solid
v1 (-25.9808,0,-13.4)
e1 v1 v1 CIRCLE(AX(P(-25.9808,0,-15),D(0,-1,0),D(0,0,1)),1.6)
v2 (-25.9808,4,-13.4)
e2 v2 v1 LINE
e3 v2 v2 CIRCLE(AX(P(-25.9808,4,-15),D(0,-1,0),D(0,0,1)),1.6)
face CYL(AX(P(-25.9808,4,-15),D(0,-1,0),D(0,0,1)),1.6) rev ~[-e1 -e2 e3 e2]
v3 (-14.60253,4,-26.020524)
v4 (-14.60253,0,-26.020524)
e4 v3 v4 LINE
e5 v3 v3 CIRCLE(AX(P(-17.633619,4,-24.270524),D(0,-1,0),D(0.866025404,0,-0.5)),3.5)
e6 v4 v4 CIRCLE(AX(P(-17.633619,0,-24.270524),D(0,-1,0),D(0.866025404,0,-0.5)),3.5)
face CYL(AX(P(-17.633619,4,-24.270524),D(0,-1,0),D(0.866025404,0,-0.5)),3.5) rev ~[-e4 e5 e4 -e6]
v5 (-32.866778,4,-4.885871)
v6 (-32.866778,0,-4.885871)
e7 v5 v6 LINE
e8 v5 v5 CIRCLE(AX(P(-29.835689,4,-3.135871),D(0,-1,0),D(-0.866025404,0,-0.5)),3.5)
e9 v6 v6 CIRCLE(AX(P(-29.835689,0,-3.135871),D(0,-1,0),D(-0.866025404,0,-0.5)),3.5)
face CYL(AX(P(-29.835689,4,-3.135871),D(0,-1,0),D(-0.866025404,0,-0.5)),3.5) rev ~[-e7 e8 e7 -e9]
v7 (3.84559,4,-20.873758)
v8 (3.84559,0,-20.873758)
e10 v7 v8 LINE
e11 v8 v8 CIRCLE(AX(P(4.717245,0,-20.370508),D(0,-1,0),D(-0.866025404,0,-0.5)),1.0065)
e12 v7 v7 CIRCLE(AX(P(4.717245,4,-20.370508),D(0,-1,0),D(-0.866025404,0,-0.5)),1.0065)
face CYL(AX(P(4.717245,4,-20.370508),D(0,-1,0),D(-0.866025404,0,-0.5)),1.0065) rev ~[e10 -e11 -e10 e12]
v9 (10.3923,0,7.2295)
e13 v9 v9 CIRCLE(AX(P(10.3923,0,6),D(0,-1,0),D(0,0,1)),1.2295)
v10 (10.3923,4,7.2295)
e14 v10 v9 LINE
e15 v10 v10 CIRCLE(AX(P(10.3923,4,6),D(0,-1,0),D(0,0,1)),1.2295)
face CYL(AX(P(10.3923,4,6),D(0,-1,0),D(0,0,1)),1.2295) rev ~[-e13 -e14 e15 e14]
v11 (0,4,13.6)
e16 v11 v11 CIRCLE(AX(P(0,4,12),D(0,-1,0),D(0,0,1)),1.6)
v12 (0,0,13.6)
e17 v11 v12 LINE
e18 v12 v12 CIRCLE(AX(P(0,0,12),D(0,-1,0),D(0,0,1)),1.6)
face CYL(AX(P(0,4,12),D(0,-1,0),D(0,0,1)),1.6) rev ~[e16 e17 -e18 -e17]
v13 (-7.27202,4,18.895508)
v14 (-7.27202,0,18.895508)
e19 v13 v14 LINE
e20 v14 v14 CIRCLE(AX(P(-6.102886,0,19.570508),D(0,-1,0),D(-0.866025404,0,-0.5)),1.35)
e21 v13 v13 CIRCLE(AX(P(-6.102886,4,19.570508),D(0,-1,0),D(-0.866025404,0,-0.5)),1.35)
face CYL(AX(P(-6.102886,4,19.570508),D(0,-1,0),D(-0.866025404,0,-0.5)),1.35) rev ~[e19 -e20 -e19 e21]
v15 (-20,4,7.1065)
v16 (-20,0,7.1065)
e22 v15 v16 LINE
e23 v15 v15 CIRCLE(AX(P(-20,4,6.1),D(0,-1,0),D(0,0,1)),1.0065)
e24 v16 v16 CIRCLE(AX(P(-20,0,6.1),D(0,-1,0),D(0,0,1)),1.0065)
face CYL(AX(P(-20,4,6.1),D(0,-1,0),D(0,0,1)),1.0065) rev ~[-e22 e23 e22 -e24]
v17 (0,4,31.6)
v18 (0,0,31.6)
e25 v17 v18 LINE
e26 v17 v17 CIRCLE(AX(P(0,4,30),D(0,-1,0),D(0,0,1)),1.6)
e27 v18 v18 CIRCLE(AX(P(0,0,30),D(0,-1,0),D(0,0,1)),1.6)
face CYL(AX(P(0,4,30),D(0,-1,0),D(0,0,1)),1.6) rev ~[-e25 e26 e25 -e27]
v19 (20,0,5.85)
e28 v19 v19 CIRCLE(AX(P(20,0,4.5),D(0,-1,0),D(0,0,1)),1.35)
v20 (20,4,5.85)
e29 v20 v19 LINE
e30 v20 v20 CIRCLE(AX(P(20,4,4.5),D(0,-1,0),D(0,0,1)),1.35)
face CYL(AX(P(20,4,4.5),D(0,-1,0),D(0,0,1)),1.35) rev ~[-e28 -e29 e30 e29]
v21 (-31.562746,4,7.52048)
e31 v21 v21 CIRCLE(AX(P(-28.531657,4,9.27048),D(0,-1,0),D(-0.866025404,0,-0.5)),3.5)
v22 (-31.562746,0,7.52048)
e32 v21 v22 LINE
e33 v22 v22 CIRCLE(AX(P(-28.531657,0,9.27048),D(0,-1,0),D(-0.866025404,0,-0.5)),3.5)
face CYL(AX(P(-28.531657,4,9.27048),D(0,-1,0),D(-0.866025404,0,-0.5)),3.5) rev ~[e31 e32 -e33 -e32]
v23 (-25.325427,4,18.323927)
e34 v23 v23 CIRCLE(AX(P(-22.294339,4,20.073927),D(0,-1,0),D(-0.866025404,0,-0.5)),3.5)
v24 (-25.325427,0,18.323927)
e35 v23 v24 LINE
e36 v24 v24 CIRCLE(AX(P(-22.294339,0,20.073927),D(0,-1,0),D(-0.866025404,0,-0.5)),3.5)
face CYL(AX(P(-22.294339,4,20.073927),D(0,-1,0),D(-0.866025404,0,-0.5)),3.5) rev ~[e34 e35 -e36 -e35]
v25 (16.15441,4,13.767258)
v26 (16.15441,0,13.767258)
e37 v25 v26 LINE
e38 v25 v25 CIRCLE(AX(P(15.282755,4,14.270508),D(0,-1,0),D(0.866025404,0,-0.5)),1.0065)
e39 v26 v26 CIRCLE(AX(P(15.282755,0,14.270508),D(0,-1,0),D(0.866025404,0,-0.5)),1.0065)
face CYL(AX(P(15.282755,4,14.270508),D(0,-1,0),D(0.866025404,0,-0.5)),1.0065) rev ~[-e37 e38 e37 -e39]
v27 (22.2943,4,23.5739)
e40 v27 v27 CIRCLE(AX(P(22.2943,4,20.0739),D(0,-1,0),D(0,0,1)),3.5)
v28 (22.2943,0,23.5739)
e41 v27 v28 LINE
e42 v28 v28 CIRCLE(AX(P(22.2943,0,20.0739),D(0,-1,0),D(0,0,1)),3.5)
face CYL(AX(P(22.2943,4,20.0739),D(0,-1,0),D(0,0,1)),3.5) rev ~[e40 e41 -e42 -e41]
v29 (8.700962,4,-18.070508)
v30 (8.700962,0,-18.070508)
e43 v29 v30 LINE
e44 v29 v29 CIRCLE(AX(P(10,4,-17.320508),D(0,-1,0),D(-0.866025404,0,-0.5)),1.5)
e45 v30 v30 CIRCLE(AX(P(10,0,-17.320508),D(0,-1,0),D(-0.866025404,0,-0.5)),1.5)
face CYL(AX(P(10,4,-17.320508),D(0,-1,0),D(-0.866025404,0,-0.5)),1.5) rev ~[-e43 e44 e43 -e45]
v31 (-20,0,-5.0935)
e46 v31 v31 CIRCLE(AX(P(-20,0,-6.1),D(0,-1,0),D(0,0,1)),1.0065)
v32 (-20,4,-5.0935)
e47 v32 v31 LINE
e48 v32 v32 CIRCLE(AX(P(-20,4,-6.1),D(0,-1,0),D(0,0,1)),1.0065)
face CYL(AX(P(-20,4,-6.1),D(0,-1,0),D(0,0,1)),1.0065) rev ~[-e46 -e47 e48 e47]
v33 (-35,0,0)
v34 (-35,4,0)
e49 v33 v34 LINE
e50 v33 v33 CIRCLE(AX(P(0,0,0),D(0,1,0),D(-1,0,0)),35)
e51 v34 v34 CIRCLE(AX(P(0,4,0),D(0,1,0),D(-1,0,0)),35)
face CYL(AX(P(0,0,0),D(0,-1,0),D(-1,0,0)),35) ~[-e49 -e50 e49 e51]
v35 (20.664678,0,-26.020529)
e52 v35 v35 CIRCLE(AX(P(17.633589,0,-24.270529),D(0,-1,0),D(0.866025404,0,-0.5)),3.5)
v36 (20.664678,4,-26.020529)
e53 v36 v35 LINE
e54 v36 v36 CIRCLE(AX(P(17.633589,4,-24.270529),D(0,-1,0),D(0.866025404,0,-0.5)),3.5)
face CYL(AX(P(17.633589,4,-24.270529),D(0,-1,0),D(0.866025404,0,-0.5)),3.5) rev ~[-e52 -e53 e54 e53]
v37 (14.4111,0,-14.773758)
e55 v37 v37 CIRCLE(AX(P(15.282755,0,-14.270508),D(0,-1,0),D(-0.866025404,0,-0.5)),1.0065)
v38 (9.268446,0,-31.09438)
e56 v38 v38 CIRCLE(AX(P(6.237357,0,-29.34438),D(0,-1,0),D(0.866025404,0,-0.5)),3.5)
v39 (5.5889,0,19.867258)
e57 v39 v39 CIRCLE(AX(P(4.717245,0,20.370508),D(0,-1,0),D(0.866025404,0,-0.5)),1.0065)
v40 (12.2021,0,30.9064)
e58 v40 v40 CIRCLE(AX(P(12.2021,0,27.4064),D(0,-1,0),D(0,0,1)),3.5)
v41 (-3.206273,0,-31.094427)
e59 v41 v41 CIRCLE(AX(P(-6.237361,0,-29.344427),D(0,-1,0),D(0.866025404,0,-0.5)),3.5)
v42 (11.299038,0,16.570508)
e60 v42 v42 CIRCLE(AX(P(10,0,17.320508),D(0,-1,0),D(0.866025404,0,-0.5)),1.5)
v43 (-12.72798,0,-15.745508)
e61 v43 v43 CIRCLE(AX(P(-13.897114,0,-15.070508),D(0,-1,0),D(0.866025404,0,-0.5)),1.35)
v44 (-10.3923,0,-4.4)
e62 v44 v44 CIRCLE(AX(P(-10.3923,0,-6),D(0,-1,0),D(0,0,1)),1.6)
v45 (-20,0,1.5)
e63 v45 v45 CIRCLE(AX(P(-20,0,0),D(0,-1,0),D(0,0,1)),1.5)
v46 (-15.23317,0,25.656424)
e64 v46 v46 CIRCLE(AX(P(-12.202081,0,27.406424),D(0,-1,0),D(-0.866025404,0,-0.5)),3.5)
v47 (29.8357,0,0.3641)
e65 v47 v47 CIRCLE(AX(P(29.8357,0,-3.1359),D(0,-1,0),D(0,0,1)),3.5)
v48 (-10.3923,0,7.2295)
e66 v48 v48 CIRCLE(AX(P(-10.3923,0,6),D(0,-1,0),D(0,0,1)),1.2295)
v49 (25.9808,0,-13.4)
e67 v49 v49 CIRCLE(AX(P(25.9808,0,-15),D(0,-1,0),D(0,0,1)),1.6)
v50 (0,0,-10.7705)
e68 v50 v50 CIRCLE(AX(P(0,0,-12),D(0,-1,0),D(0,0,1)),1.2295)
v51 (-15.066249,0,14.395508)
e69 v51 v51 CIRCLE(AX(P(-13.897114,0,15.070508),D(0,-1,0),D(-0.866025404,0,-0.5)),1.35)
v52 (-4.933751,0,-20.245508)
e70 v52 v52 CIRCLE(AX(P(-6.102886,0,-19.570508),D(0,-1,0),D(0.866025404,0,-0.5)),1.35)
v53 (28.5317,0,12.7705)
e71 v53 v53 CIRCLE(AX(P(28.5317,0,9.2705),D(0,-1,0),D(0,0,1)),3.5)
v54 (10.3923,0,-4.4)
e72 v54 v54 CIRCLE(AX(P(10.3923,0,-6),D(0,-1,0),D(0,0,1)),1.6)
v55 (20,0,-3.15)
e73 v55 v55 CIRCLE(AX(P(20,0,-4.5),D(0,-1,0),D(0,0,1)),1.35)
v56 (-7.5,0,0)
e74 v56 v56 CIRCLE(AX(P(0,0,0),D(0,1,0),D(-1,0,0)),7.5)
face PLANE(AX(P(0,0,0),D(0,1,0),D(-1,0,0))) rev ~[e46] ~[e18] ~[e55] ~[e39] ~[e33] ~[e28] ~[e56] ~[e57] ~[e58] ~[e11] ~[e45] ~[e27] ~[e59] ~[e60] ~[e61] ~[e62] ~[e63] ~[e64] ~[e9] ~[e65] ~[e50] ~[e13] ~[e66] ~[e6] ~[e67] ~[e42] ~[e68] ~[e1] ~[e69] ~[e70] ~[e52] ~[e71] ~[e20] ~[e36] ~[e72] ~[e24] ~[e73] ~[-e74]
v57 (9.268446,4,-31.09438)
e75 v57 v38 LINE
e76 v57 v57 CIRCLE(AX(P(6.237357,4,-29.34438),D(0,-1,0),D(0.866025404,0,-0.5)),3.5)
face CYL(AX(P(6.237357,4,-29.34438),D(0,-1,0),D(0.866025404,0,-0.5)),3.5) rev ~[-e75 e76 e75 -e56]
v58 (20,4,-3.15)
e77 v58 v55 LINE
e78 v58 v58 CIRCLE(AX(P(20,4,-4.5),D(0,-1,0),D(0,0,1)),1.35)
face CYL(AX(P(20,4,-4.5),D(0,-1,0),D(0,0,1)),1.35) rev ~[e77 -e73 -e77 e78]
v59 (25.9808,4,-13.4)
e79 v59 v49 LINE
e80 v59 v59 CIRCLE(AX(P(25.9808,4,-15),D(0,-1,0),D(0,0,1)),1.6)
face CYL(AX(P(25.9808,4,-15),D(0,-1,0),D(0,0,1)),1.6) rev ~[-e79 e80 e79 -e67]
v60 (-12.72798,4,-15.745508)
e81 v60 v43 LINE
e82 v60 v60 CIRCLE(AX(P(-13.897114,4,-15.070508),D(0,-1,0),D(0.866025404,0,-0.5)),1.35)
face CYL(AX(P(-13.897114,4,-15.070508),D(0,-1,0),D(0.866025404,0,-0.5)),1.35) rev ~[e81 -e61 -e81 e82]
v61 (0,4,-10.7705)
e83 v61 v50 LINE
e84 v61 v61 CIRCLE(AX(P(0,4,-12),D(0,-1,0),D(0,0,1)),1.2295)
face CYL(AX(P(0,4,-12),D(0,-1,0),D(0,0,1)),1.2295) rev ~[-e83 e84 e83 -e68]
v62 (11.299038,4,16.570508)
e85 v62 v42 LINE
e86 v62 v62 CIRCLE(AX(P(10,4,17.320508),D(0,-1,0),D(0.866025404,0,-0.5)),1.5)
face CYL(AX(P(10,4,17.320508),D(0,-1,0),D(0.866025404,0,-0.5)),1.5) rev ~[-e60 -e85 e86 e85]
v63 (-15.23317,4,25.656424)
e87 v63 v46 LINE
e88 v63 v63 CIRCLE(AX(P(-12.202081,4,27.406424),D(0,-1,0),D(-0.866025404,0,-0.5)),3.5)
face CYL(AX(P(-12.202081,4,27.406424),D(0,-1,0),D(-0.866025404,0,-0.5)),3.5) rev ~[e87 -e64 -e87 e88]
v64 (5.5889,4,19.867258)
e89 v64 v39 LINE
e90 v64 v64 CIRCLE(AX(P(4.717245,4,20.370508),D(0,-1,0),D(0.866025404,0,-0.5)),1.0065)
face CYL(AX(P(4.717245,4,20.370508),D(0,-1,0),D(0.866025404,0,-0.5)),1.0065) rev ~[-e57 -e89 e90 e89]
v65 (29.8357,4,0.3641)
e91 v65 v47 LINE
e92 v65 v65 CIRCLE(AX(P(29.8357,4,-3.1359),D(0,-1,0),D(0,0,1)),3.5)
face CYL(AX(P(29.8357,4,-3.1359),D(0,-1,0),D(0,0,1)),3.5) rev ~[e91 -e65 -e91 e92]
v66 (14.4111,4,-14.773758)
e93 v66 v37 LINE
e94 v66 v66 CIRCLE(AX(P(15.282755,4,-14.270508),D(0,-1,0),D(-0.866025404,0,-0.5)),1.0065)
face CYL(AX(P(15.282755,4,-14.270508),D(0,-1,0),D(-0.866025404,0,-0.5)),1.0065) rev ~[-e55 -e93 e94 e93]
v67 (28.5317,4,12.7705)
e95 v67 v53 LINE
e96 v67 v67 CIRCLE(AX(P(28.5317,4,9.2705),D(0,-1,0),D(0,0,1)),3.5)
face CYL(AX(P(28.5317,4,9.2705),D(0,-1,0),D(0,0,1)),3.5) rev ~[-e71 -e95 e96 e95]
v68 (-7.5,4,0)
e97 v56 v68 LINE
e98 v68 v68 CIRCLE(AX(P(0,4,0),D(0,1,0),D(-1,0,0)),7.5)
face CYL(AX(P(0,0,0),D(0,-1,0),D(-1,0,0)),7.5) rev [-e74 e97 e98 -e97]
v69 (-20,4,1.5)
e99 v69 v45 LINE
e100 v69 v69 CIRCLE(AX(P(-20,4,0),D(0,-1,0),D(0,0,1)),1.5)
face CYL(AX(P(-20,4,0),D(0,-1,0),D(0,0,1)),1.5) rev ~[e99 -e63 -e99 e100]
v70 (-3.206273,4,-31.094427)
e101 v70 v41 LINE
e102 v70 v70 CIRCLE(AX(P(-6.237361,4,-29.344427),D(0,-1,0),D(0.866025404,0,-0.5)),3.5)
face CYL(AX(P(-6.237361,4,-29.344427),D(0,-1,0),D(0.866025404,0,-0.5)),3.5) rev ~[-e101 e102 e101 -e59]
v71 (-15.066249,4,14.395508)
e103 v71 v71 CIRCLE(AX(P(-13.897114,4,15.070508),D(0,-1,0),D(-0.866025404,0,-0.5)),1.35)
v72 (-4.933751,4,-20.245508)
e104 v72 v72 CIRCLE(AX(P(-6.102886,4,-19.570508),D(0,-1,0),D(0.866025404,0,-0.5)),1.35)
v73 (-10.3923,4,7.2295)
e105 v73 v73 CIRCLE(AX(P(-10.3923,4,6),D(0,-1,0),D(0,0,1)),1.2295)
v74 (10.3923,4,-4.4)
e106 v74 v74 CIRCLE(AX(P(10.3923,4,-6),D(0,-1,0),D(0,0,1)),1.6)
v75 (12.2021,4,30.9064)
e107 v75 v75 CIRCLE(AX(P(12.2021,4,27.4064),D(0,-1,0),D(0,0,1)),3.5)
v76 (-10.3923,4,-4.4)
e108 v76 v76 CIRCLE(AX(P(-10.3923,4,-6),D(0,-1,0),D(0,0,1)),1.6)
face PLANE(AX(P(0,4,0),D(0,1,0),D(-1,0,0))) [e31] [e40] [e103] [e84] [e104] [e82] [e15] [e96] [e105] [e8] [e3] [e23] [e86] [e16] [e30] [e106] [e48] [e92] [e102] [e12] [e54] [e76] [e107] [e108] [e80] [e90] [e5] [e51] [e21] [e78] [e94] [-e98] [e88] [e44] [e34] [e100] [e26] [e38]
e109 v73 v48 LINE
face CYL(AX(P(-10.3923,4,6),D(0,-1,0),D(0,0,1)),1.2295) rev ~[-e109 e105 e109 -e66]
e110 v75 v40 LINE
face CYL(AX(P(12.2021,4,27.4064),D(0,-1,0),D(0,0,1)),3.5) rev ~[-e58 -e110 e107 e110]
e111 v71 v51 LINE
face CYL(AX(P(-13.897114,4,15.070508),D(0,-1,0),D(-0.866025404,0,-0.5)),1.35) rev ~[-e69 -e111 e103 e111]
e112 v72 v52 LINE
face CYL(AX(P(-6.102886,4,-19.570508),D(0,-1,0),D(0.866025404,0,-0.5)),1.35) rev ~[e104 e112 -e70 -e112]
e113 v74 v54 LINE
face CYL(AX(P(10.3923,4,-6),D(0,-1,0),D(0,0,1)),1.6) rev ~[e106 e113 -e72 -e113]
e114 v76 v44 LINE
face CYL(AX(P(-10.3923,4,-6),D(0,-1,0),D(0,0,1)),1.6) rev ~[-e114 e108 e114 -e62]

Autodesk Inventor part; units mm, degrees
ref_plane "YZ Plane" through (0, 0, 0) normal (1, 0, 0) x (0, 1, 0)
ref_plane "XZ Plane" through (0, 0, 0) normal (0, 1, 0) x (-1, 0, 0)
ref_plane "XY Plane" through (0, 0, 0) normal (0, 0, 1) x (1, 0, 0)
sketch "Sketch1" plane through (0, 0, 0) normal (0, 1, 0) x (-1, 0, 0)
  circle A0 centre (0, 0) radius 35
  circle A1 centre (0, 0) radius 7.5
  dimension "d0" = 70
  dimension "d129" = 15
extrude "Extrusion1" add sketch "Sketch1" along normal blind 4
sketch "Sketch2" plane through (0, 4, 0) normal (0, 1, 0) x (1, 0, 0)
  circle A0 centre (0, 0) radius 30 construction
  point P0 (0, -30)
  point P1 (-25.9808, 15)
  point P2 (25.9808, 15)
  dimension "d130" = 60
  dimension "d131" = 120
  dimension "d132" = 120
hole "Hole1" at (-25.9808, 4, -15) at (25.9808, 4, -15) at (0, 4, 30) direction (0, -1, 0) diameter 3.2 end through all
sketch "Sketch16" plane through (0, 4, 0) normal (0, 1, 0) x (1, 0, 0)
  circle A0 centre (0, 0) radius 12 construction
  point P0 (0, -12)
  point P1 (-10.3923, 6)
  point P2 (10.3923, 6)
  dimension "d155" = 24
  dimension "d156" = 120
  dimension "d157" = 120
hole "Hole14" at (0, 4, 12) at (-10.3923, 4, -6) at (10.3923, 4, -6) direction (0, -1, 0) diameter 3.2 end through all
sketch "Sketch17" plane through (0, 4, 0) normal (0, 1, 0) x (1, 0, 0)
  circle A0 centre (0, 0) radius 12 construction
  point P0 (0, 12)
  point P1 (-10.3923, -6)
  point P2 (10.3923, -6)
  dimension "d165" = 24
  dimension "d166" = 120
  dimension "d167" = 120
hole "Hole15" at (0, 4, -12) at (-10.3923, 4, 6) at (10.3923, 4, 6) direction (0, -1, 0) diameter 2.459 end through all thread size "M3x0.5" class "6H" standard "ANSI Metric M Profile"
sketch "Sketch18" plane through (0, 4, 0) normal (0, 1, 0) x (1, 0, 0)
  point P0 (0, 0)
  point P1 (20, 4.5)
  point P2 (20, -4.5)
  dimension "d175" = 9
  dimension "d176" = 4.5
  dimension "d177" = 20
hole "Hole16" at (20, 4, -4.5) at (20, 4, 4.5) direction (0, -1, 0) diameter 2.7 end through all
sketch "Sketch23" plane through (0, 4, 0) normal (0, 1, 0) x (1, 0, 0)
  point P0 (0, 0)
  point P1 (-20, 0)
  dimension "d238" = 20
hole "Hole21" at (-20, 4, 0) direction (0, -1, 0) diameter 3 end through all
sketch "Sketch24" plane through (0, 4, 0) normal (0, 1, 0) x (1, 0, 0)
  circle A0 centre (-20, 0) radius 1.5 projected
  point P0 (0, 0)
  point P1 (-20, 6.1)
  point P2 (-20, -6.1)
  dimension "d246" = 12.2
  dimension "d247" = 6.1
hole "Hole22" at (-20, 4, -6.1) at (-20, 4, 6.1) direction (0, -1, 0) diameter 2.013 end through all thread size "M2.5x0.45" class "6H" standard "ANSI Metric M Profile"
pattern_circular "Circular Pattern6" count 3 over 360 about axis through (0, 0, 0) along (0, 1, 0) of "Hole21", "Hole22"
pattern_circular "Circular Pattern7" count 3 over 360 about axis through (0, 0, 0) along (0, 1, 0) of "Hole16"
sketch "Sketch25" plane through (0, 4, 0) normal (0, 1, 0) x (1, 0, 0)
  circle A0 centre (0, 0) radius 30 construction
  circle A1 centre (0, -30) radius 1.6 projected
  point P0 (12.2021, -27.4064)
  point P1 (22.2943, -20.0739)
  point P2 (28.5317, -9.2705)
  point P3 (29.8357, 3.1359)
  dimension "d261" = 60
  dimension "d262" = 24
  dimension "d263" = 24
  dimension "d264" = 24
  dimension "d275" = 24
hole "Hole23" at (12.2021, 4, 27.4064) at (22.2943, 4, 20.0739) at (28.5317, 4, 9.2705) at (29.8357, 4, -3.1359) direction (0, -1, 0) diameter 7 end through all
pattern_circular "Circular Pattern8" count 3 over 360 about axis through (0, 0, 0) along (0, 1, 0) of "Hole23"
equation "\"d176\" = 0.5 * d175"
equation "\"d247\" = 0.5 * d246"
properties part number "torsosc-frame-plate-v2" material "Copper"
